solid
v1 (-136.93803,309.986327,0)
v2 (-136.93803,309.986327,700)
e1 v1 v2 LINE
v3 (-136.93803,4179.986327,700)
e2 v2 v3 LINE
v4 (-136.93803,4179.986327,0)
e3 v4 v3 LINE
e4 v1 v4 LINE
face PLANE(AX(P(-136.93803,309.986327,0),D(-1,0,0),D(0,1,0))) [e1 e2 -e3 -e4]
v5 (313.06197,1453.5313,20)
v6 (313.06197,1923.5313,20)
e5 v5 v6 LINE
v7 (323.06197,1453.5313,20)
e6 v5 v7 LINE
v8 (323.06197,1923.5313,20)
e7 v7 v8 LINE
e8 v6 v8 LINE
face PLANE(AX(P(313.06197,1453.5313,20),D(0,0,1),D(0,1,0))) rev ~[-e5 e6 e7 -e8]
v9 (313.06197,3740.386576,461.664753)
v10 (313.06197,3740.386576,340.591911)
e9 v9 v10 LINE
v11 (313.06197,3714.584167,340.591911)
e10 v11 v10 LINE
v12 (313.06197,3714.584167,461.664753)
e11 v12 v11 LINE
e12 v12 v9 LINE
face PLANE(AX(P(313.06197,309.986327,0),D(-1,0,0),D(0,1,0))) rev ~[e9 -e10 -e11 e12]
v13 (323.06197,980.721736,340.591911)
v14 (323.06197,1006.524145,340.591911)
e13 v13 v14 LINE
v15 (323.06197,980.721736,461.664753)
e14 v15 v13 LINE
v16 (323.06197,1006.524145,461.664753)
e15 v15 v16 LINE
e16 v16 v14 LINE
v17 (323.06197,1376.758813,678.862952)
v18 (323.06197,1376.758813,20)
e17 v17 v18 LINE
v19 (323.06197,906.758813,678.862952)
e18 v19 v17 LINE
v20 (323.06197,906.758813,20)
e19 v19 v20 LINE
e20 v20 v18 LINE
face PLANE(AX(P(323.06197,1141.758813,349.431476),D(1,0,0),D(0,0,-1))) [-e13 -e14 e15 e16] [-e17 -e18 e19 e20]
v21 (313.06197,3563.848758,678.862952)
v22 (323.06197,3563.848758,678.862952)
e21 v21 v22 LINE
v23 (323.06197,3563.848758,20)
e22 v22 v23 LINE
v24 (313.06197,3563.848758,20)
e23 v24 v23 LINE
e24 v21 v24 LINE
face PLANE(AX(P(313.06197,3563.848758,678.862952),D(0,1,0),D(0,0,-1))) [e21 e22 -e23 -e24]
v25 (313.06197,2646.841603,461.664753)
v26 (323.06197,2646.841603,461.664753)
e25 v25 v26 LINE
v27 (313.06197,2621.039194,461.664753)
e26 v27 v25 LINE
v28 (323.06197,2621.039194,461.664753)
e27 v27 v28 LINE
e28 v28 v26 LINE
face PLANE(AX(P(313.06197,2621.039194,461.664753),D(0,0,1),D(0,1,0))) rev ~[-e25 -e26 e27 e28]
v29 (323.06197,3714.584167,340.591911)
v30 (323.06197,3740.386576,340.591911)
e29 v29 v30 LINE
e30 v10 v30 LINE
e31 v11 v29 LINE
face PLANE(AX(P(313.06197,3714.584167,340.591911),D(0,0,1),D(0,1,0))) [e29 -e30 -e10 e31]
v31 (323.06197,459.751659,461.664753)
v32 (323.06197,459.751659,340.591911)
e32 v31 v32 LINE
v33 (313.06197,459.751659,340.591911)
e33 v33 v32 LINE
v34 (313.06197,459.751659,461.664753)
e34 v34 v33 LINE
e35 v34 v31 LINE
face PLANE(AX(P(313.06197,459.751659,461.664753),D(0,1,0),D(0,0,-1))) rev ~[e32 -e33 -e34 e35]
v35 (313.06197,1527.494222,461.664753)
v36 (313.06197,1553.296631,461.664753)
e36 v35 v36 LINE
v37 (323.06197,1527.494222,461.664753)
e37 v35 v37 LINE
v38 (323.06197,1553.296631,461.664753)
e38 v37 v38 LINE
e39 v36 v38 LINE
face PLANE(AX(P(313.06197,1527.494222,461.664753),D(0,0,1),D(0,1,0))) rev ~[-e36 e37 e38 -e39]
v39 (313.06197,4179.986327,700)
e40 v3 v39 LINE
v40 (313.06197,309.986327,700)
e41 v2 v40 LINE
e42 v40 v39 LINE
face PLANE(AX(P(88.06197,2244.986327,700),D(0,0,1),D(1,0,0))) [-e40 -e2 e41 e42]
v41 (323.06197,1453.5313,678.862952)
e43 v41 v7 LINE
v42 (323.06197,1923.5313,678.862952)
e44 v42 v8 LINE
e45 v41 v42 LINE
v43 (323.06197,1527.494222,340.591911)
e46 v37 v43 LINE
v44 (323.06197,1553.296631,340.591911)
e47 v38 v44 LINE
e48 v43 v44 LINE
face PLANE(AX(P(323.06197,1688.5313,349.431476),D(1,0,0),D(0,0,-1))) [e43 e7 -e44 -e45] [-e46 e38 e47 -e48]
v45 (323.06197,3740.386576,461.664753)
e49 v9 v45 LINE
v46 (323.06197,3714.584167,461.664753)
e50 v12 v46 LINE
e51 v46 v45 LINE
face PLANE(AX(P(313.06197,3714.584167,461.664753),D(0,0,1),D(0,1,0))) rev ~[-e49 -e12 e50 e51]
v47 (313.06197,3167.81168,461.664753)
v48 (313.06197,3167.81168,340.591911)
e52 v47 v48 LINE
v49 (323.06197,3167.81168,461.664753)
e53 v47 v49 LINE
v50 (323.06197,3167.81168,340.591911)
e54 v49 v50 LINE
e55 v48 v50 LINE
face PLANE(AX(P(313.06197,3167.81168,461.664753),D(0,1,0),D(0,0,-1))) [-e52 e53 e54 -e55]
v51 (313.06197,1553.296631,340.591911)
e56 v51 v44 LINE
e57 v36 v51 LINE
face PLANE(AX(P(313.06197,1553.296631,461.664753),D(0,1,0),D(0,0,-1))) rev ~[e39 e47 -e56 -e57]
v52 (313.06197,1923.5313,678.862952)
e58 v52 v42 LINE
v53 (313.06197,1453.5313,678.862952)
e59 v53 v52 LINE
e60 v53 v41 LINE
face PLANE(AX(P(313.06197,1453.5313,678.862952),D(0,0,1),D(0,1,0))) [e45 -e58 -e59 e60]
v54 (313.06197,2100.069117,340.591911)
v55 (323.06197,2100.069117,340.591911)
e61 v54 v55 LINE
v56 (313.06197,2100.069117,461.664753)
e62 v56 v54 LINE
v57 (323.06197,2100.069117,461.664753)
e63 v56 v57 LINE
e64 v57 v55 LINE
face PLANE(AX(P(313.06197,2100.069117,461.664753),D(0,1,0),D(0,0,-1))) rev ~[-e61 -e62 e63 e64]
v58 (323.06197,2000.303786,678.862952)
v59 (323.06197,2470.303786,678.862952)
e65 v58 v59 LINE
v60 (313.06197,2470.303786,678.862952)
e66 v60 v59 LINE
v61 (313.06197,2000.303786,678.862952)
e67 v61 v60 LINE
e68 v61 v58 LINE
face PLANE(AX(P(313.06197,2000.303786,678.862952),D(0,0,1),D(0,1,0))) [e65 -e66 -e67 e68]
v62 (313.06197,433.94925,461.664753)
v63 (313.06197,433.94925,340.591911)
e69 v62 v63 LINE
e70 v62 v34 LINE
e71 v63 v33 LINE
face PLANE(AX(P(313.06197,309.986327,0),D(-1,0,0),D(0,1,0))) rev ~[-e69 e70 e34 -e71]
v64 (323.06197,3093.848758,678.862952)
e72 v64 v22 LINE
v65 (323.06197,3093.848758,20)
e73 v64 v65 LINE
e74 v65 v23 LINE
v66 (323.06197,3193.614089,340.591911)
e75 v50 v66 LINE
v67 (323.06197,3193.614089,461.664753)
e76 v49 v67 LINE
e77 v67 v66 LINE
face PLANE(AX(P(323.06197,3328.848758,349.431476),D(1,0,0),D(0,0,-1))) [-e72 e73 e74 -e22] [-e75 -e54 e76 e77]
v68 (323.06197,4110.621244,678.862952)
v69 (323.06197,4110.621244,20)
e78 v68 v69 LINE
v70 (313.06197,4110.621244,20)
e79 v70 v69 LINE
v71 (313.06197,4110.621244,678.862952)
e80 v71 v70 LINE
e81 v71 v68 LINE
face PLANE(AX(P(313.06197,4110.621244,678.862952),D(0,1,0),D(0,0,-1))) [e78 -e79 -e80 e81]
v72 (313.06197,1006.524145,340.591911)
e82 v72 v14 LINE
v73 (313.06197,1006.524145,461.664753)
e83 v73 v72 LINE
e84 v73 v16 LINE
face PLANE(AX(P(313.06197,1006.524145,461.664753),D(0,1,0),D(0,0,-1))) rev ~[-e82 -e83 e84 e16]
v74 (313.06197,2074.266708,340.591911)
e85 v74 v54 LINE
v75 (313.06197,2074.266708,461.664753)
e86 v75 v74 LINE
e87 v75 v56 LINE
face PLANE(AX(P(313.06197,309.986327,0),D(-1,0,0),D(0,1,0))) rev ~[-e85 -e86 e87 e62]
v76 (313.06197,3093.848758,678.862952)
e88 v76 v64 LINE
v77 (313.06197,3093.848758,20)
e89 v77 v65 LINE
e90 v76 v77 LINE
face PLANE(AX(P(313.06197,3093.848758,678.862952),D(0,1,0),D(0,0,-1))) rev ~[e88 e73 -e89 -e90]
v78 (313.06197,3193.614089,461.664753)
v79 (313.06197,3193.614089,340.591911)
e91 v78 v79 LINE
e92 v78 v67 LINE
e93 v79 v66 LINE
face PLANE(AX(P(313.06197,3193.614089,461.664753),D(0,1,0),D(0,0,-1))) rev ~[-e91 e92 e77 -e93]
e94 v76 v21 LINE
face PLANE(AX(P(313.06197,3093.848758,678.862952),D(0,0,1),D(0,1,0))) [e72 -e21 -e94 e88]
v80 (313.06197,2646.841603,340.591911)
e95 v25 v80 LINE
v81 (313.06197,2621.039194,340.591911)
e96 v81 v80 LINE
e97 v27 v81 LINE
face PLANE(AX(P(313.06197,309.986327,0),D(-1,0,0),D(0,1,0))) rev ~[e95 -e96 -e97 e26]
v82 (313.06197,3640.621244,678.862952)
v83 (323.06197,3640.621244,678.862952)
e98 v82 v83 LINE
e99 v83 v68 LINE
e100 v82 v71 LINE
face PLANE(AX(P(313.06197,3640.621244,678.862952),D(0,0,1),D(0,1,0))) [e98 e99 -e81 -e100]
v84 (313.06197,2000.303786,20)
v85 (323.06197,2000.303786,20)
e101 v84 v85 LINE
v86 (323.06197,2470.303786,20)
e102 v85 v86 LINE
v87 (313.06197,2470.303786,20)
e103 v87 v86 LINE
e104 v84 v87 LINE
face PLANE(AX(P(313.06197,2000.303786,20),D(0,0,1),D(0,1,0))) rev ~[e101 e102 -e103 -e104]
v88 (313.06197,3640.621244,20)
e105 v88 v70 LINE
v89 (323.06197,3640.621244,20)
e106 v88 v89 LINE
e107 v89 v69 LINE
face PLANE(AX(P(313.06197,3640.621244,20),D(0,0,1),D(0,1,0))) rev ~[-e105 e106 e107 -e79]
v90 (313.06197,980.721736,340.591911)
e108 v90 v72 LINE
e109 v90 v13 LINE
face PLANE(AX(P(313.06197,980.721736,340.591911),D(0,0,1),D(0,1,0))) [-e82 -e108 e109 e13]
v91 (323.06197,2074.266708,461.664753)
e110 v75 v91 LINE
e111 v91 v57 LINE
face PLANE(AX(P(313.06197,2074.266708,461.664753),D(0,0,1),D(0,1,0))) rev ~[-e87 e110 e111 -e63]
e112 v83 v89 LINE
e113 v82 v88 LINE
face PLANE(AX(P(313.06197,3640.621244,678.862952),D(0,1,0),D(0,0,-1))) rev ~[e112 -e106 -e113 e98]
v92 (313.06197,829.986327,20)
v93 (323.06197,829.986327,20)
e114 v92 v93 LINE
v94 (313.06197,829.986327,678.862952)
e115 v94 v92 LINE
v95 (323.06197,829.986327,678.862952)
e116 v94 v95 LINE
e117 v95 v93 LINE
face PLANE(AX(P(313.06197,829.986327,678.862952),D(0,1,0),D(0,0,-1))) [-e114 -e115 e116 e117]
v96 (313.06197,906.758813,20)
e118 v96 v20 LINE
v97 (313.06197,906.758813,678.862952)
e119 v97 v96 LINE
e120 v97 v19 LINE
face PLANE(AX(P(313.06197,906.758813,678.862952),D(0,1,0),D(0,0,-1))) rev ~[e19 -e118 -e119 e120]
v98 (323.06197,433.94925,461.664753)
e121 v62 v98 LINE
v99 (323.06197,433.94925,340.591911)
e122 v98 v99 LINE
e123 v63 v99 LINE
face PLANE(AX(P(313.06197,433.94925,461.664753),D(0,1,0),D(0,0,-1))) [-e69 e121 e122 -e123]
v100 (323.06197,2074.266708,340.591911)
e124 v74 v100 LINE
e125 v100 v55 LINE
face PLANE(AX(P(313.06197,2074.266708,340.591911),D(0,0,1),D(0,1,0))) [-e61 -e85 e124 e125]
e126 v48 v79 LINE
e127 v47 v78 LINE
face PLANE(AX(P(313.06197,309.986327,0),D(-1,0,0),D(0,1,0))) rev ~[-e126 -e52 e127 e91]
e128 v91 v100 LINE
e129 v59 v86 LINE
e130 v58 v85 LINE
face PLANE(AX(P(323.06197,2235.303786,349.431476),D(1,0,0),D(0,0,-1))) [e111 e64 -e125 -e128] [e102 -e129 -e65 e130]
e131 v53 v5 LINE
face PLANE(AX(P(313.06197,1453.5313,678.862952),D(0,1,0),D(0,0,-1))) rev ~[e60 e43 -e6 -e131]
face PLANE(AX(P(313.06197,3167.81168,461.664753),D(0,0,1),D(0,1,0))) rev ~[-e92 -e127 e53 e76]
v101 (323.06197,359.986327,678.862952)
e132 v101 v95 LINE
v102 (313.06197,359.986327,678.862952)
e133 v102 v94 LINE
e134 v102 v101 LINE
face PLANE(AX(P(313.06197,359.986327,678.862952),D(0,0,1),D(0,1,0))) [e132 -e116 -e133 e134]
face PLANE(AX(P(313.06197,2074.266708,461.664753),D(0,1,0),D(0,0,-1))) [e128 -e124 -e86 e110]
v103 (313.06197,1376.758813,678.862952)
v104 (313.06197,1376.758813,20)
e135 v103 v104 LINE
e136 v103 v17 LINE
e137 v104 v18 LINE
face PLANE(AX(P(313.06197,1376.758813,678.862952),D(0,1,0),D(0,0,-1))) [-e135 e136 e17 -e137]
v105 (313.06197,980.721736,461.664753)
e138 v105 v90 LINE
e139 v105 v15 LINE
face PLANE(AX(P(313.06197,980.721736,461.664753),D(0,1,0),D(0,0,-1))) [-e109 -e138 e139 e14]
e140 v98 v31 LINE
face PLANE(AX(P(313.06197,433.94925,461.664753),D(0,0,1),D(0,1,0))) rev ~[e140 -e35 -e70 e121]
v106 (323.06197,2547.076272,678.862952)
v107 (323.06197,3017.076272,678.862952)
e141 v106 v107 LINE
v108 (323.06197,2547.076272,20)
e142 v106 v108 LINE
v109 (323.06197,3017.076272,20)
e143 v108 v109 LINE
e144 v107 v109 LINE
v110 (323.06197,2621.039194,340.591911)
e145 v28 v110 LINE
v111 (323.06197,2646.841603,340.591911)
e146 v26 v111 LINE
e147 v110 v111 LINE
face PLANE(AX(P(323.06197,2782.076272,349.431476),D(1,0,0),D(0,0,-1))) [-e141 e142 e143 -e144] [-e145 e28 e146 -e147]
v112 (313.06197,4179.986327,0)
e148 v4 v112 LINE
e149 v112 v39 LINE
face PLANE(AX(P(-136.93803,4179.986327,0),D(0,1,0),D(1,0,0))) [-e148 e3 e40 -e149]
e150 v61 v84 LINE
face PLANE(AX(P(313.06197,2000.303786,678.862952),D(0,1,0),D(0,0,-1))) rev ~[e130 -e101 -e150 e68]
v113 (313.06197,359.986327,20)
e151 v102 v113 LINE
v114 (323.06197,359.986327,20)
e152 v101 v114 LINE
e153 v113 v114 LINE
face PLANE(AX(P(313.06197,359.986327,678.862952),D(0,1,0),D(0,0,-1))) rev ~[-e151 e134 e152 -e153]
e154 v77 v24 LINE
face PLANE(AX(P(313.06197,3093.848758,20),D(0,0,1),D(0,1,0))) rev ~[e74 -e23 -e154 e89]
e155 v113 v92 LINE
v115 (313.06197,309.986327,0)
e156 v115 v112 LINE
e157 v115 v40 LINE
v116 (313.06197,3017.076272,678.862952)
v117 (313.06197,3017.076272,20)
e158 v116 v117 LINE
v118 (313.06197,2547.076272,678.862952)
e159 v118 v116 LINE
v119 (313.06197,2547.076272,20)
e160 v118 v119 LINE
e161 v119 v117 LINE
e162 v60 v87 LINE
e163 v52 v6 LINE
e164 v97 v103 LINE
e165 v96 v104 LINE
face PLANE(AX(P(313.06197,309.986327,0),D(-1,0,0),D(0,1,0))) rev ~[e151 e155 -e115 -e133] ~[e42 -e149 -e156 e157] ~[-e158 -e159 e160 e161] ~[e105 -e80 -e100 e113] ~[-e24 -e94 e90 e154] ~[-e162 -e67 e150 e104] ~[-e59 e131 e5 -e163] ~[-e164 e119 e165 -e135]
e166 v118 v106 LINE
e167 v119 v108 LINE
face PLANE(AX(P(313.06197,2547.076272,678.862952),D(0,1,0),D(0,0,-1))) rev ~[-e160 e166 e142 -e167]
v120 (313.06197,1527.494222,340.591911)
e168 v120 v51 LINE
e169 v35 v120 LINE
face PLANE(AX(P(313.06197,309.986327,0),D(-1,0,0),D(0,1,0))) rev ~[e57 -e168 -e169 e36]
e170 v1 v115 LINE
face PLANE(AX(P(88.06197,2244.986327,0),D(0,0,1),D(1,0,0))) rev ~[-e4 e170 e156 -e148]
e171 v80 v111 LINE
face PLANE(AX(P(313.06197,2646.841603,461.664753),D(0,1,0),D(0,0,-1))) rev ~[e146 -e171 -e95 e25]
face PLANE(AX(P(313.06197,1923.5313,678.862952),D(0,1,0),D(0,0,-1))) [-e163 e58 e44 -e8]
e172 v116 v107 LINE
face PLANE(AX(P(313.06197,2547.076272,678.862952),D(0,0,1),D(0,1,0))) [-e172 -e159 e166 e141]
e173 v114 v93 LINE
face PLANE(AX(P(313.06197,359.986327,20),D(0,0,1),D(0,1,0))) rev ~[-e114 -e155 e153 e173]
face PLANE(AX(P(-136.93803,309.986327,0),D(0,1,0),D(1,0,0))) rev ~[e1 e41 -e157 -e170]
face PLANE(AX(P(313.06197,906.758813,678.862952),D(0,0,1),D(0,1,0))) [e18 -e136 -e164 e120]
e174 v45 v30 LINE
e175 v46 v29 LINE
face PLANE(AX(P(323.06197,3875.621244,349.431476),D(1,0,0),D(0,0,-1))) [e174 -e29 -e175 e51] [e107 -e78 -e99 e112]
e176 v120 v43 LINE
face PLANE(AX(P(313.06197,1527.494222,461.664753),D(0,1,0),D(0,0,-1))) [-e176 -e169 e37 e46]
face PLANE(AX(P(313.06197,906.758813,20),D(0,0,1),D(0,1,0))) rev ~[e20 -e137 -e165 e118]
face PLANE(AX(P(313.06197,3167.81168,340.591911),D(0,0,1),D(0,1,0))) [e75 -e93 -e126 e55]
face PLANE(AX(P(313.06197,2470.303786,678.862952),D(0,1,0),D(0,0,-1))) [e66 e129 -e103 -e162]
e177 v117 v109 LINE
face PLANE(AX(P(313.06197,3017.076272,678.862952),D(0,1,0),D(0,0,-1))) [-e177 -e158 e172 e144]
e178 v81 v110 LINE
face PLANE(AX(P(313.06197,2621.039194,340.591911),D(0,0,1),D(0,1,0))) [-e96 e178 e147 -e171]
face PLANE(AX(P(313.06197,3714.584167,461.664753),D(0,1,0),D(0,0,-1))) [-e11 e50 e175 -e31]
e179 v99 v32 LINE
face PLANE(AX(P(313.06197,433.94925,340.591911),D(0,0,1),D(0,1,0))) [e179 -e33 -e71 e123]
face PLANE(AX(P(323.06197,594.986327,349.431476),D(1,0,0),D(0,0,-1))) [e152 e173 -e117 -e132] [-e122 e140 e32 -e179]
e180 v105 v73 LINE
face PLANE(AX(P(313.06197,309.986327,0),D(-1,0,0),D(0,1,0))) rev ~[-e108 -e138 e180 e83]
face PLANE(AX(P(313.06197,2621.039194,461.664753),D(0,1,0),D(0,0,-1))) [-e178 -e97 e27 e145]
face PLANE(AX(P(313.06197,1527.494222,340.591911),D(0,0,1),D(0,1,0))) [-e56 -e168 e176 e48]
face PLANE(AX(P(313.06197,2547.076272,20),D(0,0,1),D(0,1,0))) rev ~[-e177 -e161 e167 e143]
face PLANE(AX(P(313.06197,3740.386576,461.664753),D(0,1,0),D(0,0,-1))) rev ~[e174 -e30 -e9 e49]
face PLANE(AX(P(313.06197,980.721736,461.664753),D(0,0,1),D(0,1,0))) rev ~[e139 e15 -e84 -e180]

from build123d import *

# Parameters (mm, degrees)
SKETCH1_W           = 450
SKETCH1_H           = 3870
BOSS_EXTRUDE1_DEPTH = 700
SKETCH3_W           = 658.862952103
SKETCH3_H           = 470
SKETCH3_W_2         = 121.072841775
SKETCH3_H_2         = 25.802408902
SKETCH3_H_3         = 25.802408903
BOSS_EXTRUDE3_DEPTH = 10


with BuildPart() as part:
    # Sketch1 → Boss-Extrude1 (new body)
    with BuildSketch(Plane.XY):
        with Locations((88.061970043, 2244.986327315)):
            Rectangle(SKETCH1_W, SKETCH1_H)
    extrude(amount=BOSS_EXTRUDE1_DEPTH)

    # Sketch3 → Boss-Extrude3 (add)
    with BuildSketch(Plane(origin=(313.061970043, 0, 0), x_dir=(0, 0, -1), z_dir=(1, 0, 0))):
        with Locations((-349.431476051, 594.986327315)):
            Rectangle(SKETCH3_W, SKETCH3_H)
        with Locations((-401.128332344, 446.85045415)):
            Rectangle(SKETCH3_W_2, SKETCH3_H_2, mode=Mode.SUBTRACT)
        with Locations((-349.431476051, 1141.758813467)):
            Rectangle(SKETCH3_W, SKETCH3_H)
        with Locations((-401.128332344, 993.622940303)):
            Rectangle(SKETCH3_W_2, SKETCH3_H_3, mode=Mode.SUBTRACT)
        with Locations((-349.431476051, 1688.531299619)):
            Rectangle(SKETCH3_W, SKETCH3_H)
        with Locations((-401.128332344, 1540.395426455)):
            Rectangle(SKETCH3_W_2, SKETCH3_H_3, mode=Mode.SUBTRACT)
        with Locations((-349.431476051, 2235.303785772)):
            Rectangle(SKETCH3_W, SKETCH3_H)
        with Locations((-401.128332344, 2087.167912607)):
            Rectangle(SKETCH3_W_2, SKETCH3_H_3, mode=Mode.SUBTRACT)
        with Locations((-349.431476051, 2782.076271924)):
            Rectangle(SKETCH3_W, SKETCH3_H)
        with Locations((-401.128332344, 2633.940398759)):
            Rectangle(SKETCH3_W_2, SKETCH3_H_3, mode=Mode.SUBTRACT)
        with Locations((-349.431476051, 3328.848758076)):
            Rectangle(SKETCH3_W, SKETCH3_H)
        with Locations((-401.128332344, 3180.712884911)):
            Rectangle(SKETCH3_W_2, SKETCH3_H_2, mode=Mode.SUBTRACT)
        with Locations((-349.431476051, 3875.621244228)):
            Rectangle(SKETCH3_W, SKETCH3_H)
        with Locations((-401.128332344, 3727.485371064)):
            Rectangle(SKETCH3_W_2, SKETCH3_H_3, mode=Mode.SUBTRACT)
    extrude(amount=BOSS_EXTRUDE3_DEPTH)


solid = part.part
